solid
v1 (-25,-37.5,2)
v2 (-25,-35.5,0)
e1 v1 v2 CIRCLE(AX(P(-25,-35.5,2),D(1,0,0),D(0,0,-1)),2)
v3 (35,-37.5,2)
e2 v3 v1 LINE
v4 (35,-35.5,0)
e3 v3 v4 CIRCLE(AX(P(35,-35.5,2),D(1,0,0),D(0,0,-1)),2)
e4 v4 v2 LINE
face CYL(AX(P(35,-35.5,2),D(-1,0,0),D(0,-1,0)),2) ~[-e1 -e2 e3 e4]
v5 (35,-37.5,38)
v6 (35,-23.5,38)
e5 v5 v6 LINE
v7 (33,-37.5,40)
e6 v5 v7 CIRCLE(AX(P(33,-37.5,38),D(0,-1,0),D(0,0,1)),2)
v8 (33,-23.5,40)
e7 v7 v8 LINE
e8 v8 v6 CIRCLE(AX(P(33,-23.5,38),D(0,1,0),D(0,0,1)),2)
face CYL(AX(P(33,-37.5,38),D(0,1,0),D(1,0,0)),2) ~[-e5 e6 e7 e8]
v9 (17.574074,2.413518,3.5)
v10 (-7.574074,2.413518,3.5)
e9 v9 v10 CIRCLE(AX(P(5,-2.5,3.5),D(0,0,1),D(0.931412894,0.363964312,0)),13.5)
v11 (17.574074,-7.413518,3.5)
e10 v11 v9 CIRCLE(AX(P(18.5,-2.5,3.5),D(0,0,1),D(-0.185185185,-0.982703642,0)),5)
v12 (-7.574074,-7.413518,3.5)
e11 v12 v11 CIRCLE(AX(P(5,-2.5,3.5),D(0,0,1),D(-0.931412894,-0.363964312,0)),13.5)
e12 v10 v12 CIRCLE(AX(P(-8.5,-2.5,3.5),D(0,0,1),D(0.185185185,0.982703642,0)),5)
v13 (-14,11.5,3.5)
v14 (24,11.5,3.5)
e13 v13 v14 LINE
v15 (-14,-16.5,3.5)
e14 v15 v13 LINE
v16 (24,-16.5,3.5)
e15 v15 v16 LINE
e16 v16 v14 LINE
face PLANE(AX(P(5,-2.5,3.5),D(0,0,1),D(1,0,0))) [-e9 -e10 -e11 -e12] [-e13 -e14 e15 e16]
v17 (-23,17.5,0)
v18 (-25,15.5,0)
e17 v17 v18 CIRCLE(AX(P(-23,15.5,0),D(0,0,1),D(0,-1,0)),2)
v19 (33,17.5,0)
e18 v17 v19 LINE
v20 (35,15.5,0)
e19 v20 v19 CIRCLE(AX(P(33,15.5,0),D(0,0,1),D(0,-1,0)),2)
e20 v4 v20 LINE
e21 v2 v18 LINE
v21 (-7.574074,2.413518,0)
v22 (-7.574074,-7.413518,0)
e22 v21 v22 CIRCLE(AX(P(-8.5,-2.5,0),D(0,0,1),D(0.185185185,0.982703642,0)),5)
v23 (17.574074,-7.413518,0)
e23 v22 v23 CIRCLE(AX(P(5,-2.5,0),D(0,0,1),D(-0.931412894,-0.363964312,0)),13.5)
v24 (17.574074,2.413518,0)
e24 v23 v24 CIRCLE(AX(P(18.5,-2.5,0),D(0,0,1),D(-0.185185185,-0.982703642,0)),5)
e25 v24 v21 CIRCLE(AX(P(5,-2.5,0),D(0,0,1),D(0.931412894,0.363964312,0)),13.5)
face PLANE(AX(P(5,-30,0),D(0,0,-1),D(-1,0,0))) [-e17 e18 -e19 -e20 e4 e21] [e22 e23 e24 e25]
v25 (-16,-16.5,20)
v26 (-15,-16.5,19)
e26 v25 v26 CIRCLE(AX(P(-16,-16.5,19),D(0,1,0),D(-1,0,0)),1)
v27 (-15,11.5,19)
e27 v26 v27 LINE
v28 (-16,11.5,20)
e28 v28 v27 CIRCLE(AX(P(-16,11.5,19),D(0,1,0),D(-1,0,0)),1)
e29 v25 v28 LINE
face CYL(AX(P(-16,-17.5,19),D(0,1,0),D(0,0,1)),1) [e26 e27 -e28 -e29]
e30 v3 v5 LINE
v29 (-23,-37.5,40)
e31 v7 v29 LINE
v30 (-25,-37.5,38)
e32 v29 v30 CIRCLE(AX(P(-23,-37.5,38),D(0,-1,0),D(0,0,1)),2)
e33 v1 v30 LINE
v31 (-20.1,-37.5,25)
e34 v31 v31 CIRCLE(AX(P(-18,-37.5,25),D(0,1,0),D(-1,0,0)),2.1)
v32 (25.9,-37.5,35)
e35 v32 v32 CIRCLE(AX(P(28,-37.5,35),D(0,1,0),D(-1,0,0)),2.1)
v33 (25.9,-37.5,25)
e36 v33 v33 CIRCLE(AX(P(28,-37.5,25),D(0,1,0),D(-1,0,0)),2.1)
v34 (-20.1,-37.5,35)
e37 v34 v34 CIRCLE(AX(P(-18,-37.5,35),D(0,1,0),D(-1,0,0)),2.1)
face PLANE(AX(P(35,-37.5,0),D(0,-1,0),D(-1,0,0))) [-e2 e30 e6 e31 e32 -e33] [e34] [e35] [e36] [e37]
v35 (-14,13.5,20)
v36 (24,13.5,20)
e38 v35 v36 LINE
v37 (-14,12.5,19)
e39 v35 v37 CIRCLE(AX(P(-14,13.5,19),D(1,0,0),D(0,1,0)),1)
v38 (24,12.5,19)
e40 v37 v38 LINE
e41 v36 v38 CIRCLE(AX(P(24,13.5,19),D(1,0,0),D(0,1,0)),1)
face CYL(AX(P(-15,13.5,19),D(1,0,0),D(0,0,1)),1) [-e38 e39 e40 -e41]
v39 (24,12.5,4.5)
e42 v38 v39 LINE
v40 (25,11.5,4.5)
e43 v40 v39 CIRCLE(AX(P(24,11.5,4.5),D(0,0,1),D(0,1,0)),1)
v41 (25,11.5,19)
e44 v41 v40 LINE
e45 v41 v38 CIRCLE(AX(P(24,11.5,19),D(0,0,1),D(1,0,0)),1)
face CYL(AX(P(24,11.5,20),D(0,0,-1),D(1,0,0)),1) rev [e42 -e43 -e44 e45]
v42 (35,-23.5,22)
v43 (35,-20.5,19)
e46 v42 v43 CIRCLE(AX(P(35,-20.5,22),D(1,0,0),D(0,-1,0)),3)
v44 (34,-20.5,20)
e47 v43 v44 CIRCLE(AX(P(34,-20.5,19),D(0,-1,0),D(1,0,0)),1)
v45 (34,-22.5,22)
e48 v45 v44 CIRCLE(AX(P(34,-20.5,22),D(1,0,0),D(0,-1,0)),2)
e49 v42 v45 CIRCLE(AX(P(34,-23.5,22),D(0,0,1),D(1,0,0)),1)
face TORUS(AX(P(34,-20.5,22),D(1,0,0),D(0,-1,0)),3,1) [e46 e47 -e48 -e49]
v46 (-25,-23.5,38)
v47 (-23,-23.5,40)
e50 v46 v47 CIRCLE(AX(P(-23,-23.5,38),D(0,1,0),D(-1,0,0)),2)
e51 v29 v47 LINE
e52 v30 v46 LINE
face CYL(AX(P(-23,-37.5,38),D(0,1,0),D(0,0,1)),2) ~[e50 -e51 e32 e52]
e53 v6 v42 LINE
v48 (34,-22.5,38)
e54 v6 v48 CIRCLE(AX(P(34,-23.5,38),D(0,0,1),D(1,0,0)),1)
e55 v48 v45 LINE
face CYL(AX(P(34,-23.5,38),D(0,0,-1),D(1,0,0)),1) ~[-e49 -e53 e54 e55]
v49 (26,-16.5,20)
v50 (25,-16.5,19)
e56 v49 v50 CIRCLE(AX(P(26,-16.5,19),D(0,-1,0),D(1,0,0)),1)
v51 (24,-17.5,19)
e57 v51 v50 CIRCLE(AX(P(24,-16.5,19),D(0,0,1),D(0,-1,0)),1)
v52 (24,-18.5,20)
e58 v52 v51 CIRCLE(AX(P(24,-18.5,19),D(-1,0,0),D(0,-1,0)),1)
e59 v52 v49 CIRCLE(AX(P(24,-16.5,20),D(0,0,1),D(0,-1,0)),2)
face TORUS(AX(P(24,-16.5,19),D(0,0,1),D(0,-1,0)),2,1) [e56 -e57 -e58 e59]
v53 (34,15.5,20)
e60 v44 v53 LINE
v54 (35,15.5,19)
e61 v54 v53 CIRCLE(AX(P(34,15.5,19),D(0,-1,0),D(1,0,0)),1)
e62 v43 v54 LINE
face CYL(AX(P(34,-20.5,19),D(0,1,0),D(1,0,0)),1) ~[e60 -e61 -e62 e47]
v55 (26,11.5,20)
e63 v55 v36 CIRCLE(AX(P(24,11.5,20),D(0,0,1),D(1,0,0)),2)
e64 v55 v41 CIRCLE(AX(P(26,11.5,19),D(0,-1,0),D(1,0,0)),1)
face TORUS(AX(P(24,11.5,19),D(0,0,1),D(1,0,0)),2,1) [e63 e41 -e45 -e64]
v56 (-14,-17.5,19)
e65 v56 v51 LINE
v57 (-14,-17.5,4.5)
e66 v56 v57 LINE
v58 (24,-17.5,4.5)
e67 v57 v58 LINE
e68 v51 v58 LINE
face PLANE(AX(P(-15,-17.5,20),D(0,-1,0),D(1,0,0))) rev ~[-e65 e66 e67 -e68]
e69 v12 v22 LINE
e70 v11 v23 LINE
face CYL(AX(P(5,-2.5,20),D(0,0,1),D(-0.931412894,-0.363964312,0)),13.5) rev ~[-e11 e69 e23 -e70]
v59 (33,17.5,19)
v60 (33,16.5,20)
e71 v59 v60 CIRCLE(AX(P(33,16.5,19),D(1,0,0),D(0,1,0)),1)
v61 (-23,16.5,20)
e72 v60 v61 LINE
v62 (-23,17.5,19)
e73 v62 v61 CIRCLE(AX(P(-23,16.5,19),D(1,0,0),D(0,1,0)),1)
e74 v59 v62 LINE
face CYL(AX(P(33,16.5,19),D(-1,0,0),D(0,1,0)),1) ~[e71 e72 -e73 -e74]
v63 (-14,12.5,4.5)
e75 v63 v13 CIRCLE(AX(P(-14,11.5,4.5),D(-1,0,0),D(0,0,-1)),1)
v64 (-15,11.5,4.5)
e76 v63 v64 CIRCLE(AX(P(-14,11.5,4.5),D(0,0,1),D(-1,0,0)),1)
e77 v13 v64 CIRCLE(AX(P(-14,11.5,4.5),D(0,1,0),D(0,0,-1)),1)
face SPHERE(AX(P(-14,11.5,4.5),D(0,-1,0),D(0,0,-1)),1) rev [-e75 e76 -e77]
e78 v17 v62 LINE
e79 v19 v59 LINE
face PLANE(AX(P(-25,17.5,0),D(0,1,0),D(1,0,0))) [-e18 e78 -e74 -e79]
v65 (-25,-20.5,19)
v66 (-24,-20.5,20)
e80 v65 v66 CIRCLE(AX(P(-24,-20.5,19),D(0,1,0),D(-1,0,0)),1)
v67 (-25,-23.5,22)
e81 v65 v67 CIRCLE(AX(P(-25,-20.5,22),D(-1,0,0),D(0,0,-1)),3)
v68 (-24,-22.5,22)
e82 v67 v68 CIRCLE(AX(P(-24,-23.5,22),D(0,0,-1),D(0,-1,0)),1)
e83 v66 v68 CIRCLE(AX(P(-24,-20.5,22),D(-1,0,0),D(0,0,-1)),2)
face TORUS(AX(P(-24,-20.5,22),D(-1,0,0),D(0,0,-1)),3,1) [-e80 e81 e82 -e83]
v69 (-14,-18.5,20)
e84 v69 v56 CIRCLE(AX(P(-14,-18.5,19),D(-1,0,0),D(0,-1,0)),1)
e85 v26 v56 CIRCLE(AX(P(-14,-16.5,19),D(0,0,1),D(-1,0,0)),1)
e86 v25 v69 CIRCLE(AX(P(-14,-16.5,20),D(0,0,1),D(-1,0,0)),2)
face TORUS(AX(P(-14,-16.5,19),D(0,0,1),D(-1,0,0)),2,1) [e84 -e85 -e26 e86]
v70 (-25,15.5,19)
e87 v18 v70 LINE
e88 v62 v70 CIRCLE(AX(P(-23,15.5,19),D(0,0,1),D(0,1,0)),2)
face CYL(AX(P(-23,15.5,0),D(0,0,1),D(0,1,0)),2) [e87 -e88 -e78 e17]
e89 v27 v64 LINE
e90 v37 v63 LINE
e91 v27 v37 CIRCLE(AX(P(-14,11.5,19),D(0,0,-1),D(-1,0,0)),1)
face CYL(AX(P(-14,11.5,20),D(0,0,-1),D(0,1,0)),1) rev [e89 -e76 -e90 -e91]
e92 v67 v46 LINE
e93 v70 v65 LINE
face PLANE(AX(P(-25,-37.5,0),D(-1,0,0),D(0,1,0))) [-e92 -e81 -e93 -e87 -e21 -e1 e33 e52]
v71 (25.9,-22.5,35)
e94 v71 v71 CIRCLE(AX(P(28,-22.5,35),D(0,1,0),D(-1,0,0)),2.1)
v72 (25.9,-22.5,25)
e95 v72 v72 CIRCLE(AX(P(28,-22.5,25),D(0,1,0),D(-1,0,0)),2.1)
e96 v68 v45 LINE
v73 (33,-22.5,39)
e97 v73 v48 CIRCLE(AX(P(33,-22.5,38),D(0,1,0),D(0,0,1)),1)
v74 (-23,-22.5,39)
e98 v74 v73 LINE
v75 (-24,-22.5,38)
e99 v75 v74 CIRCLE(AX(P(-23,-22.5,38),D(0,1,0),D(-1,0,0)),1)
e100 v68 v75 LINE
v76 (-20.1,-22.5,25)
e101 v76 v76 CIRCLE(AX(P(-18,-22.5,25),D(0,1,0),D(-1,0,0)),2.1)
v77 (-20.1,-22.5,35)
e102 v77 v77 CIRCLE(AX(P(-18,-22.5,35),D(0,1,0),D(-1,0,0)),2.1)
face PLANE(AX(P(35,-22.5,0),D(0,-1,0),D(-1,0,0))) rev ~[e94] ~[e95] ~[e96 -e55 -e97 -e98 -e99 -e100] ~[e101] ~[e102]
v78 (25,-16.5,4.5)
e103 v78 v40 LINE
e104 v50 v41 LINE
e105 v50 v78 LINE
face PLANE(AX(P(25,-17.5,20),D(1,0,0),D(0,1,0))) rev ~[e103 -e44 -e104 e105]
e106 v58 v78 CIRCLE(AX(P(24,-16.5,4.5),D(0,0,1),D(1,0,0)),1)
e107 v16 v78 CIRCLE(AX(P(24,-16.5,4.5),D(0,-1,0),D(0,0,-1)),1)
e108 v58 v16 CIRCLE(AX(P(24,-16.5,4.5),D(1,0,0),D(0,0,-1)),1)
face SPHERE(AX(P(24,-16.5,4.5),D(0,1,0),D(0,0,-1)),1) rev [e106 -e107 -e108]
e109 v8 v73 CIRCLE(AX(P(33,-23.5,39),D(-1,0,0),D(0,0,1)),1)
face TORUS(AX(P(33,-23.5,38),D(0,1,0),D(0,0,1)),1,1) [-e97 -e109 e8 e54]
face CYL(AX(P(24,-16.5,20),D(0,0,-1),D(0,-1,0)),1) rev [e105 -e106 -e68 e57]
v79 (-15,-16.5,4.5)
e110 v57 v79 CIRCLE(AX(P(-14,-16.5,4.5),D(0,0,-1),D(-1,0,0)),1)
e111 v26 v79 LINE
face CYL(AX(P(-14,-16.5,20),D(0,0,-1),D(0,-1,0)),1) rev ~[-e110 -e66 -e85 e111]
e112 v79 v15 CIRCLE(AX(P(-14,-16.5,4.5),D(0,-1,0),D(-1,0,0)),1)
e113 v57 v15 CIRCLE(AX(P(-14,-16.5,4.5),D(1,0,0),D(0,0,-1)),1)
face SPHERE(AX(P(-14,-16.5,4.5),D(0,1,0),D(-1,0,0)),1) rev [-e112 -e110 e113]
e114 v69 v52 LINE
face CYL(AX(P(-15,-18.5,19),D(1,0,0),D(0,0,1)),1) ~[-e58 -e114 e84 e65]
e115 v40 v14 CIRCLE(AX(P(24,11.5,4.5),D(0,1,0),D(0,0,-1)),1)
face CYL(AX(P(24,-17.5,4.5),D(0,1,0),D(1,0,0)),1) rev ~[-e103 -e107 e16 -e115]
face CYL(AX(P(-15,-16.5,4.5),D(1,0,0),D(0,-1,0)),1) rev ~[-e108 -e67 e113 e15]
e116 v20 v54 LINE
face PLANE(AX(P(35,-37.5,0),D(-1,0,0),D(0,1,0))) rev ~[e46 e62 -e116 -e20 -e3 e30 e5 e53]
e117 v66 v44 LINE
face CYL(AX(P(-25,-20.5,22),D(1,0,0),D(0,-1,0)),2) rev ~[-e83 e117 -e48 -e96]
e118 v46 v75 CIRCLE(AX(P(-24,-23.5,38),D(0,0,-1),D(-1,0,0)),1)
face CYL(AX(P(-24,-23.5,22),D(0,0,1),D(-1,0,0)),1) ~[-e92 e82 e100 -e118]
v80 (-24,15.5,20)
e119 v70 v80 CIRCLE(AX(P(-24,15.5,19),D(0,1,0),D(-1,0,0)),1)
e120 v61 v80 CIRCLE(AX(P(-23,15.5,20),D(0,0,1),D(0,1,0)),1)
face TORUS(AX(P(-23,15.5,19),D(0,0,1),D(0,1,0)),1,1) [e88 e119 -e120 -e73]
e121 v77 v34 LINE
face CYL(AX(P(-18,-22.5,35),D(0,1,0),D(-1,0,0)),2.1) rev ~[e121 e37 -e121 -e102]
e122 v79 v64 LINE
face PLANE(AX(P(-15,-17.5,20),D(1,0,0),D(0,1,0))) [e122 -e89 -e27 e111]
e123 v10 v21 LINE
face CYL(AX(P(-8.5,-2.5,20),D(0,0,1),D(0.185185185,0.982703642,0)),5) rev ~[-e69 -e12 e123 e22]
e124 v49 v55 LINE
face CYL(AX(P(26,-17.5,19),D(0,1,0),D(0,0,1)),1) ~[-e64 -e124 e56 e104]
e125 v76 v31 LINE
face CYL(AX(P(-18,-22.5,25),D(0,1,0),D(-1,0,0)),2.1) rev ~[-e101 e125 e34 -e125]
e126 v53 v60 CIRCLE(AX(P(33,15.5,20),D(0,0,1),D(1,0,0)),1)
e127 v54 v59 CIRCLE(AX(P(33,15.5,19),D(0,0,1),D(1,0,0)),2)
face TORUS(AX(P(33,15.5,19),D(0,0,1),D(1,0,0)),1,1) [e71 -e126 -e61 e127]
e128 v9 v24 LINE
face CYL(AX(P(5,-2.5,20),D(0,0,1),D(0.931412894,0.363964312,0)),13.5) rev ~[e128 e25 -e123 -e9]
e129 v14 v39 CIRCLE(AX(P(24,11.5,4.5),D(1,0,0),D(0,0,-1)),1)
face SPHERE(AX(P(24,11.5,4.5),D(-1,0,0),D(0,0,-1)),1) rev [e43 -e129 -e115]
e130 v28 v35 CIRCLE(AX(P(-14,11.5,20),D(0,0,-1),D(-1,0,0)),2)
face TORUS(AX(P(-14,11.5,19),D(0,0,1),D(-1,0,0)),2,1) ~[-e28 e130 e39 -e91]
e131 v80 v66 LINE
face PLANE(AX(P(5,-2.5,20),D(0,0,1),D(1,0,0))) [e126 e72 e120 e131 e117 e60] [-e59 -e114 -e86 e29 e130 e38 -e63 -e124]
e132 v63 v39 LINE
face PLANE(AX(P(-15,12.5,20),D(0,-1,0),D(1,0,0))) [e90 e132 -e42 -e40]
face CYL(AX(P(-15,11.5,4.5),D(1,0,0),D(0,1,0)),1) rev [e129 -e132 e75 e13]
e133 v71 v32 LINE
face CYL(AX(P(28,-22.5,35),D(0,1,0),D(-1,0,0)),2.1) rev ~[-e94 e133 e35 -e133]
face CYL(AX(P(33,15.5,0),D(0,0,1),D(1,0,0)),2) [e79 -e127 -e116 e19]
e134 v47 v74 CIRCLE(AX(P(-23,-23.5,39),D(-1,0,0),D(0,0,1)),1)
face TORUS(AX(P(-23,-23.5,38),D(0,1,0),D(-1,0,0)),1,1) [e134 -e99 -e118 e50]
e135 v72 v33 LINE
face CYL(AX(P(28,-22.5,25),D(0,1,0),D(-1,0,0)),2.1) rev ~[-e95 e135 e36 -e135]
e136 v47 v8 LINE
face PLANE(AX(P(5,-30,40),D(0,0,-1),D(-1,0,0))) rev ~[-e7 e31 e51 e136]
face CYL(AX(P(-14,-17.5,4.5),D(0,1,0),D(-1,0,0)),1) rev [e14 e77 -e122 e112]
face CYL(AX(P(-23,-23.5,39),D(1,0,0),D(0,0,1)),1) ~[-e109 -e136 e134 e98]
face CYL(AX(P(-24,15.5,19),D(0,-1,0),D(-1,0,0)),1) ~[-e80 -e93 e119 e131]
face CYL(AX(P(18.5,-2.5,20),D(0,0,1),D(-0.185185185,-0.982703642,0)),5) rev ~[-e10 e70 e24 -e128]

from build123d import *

# Parameters (mm, degrees)
SKETCH1_W               = 60
SKETCH1_H               = 40
BOSS_EXTRUDE1_DEPTH     = 20
CUT_EXTRUDE1_DEPTH      = 30
SKETCH3_W               = 60
SKETCH3_H               = 15
BOSS_EXTRUDE2_DEPTH     = 40
SKETCH4_R               = 2.1
CUT_EXTRUDE2_DEPTH      = 20
FILLET1_R               = 2
FILLET2_R               = 2
ESQUISSE1_W             = 40
ESQUISSE1_H             = 30
ENL_V_MAT_EXTRU_1_DEPTH = 16.5
CONG_1_R                = 1


with BuildPart() as part:
    # Sketch1 → Boss-Extrude1 (new body)
    with BuildSketch(Plane.XY):
        with Locations((5, -2.5)):
            Rectangle(SKETCH1_W, SKETCH1_H)
    extrude(amount=BOSS_EXTRUDE1_DEPTH)

    # Sketch2 → Cut-Extrude1 (cut)
    with BuildSketch(Plane.XY.offset(20)):
        with BuildLine():
            ThreePointArc((-7.574074074, -7.413518208), (5, -16), (17.574074074, -7.413518208))
            ThreePointArc((17.574074074, -7.413518208), (23.5, -2.5), (17.574074074, 2.413518208))
            ThreePointArc((17.574074074, 2.413518208), (5, 11), (-7.574074074, 2.413518208))
            ThreePointArc((-7.574074074, 2.413518208), (-13.5, -2.5), (-7.574074074, -7.413518208))
        make_face()
    extrude(amount=-CUT_EXTRUDE1_DEPTH, mode=Mode.SUBTRACT)

    # Sketch3 → Boss-Extrude2 (add)
    with BuildSketch(Plane(origin=(0, 0, 0), x_dir=(-1, 0, 0), z_dir=(0, 0, -1))):
        with Locations((-5, -30)):
            Rectangle(SKETCH3_W, SKETCH3_H)
    extrude(amount=-BOSS_EXTRUDE2_DEPTH)

    # Sketch4 → Cut-Extrude2 (cut)
    with BuildSketch(Plane(origin=(0, -22.5, 0), x_dir=(1, 0, 0), z_dir=(0, 1, 0))):
        with Locations(Location((-18, -35, 0), (0, 0, 180))):
            Circle(SKETCH4_R)
        with Locations(Location((-18, -25, 0), (0, 0, 180))):
            Circle(SKETCH4_R)
        with Locations(Location((28, -35, 0), (0, 0, 180))):
            Circle(SKETCH4_R)
        with Locations(Location((28, -25, 0), (0, 0, 180))):
            Circle(SKETCH4_R)
    extrude(amount=-CUT_EXTRUDE2_DEPTH, mode=Mode.SUBTRACT)

    # Fillet1
    fillet1_edges = [part.edges().sort_by_distance(p)[0] for p in [
        (5, -22.5, 20),
    ]]
    fillet(fillet1_edges, radius=FILLET1_R)

    # Fillet2
    fillet2_edges = [part.edges().sort_by_distance(p)[0] for p in [
        (35, -30, 40),
        (-25, -30, 40),
        (5, -37.5, 0),
        (-25, 17.5, 10),
        (35, 17.5, 10),
    ]]
    fillet(fillet2_edges, radius=FILLET2_R)

    # Esquisse1 → Enlèv. mat.-Extru.1 (cut)
    with BuildSketch(Plane.XY.offset(20)):
        with Locations((5, -2.5)):
            Rectangle(ESQUISSE1_W, ESQUISSE1_H)
    extrude(amount=-ENL_V_MAT_EXTRU_1_DEPTH, mode=Mode.SUBTRACT)

    # Congé1
    cong_1_edges = [part.edges().sort_by_distance(p)[0] for p in [
        (-15, -2.5, 20),
        (5, -17.5, 20),
        (25, -2.5, 20),
        (5, 12.5, 20),
        (-15, -2.5, 3.5),
        (-15, -17.5, 11.75),
        (5, 12.5, 3.5),
        (-15, 12.5, 11.75),
        (25, -2.5, 3.5),
        (25, 12.5, 11.75),
        (5, -17.5, 3.5),
        (25, -17.5, 11.75),
        (35, -2.5, 20),
        (35, -21.914213562, 20.585786438),
        (-25, -21.914213562, 20.585786438),
        (-25, -22.5, 30),
        (-25, -2.5, 20),
        (35, -22.5, 30),
        (5, -22.5, 40),
        (-24.414213562, -22.5, 39.414213562),
        (34.414213562, -22.5, 39.414213562),
        (5, 17.5, 20),
        (34.414213562, 16.914213562, 20),
        (-24.414213562, 16.914213562, 20),
    ]]
    fillet(cong_1_edges, radius=CONG_1_R)


solid = part.part
